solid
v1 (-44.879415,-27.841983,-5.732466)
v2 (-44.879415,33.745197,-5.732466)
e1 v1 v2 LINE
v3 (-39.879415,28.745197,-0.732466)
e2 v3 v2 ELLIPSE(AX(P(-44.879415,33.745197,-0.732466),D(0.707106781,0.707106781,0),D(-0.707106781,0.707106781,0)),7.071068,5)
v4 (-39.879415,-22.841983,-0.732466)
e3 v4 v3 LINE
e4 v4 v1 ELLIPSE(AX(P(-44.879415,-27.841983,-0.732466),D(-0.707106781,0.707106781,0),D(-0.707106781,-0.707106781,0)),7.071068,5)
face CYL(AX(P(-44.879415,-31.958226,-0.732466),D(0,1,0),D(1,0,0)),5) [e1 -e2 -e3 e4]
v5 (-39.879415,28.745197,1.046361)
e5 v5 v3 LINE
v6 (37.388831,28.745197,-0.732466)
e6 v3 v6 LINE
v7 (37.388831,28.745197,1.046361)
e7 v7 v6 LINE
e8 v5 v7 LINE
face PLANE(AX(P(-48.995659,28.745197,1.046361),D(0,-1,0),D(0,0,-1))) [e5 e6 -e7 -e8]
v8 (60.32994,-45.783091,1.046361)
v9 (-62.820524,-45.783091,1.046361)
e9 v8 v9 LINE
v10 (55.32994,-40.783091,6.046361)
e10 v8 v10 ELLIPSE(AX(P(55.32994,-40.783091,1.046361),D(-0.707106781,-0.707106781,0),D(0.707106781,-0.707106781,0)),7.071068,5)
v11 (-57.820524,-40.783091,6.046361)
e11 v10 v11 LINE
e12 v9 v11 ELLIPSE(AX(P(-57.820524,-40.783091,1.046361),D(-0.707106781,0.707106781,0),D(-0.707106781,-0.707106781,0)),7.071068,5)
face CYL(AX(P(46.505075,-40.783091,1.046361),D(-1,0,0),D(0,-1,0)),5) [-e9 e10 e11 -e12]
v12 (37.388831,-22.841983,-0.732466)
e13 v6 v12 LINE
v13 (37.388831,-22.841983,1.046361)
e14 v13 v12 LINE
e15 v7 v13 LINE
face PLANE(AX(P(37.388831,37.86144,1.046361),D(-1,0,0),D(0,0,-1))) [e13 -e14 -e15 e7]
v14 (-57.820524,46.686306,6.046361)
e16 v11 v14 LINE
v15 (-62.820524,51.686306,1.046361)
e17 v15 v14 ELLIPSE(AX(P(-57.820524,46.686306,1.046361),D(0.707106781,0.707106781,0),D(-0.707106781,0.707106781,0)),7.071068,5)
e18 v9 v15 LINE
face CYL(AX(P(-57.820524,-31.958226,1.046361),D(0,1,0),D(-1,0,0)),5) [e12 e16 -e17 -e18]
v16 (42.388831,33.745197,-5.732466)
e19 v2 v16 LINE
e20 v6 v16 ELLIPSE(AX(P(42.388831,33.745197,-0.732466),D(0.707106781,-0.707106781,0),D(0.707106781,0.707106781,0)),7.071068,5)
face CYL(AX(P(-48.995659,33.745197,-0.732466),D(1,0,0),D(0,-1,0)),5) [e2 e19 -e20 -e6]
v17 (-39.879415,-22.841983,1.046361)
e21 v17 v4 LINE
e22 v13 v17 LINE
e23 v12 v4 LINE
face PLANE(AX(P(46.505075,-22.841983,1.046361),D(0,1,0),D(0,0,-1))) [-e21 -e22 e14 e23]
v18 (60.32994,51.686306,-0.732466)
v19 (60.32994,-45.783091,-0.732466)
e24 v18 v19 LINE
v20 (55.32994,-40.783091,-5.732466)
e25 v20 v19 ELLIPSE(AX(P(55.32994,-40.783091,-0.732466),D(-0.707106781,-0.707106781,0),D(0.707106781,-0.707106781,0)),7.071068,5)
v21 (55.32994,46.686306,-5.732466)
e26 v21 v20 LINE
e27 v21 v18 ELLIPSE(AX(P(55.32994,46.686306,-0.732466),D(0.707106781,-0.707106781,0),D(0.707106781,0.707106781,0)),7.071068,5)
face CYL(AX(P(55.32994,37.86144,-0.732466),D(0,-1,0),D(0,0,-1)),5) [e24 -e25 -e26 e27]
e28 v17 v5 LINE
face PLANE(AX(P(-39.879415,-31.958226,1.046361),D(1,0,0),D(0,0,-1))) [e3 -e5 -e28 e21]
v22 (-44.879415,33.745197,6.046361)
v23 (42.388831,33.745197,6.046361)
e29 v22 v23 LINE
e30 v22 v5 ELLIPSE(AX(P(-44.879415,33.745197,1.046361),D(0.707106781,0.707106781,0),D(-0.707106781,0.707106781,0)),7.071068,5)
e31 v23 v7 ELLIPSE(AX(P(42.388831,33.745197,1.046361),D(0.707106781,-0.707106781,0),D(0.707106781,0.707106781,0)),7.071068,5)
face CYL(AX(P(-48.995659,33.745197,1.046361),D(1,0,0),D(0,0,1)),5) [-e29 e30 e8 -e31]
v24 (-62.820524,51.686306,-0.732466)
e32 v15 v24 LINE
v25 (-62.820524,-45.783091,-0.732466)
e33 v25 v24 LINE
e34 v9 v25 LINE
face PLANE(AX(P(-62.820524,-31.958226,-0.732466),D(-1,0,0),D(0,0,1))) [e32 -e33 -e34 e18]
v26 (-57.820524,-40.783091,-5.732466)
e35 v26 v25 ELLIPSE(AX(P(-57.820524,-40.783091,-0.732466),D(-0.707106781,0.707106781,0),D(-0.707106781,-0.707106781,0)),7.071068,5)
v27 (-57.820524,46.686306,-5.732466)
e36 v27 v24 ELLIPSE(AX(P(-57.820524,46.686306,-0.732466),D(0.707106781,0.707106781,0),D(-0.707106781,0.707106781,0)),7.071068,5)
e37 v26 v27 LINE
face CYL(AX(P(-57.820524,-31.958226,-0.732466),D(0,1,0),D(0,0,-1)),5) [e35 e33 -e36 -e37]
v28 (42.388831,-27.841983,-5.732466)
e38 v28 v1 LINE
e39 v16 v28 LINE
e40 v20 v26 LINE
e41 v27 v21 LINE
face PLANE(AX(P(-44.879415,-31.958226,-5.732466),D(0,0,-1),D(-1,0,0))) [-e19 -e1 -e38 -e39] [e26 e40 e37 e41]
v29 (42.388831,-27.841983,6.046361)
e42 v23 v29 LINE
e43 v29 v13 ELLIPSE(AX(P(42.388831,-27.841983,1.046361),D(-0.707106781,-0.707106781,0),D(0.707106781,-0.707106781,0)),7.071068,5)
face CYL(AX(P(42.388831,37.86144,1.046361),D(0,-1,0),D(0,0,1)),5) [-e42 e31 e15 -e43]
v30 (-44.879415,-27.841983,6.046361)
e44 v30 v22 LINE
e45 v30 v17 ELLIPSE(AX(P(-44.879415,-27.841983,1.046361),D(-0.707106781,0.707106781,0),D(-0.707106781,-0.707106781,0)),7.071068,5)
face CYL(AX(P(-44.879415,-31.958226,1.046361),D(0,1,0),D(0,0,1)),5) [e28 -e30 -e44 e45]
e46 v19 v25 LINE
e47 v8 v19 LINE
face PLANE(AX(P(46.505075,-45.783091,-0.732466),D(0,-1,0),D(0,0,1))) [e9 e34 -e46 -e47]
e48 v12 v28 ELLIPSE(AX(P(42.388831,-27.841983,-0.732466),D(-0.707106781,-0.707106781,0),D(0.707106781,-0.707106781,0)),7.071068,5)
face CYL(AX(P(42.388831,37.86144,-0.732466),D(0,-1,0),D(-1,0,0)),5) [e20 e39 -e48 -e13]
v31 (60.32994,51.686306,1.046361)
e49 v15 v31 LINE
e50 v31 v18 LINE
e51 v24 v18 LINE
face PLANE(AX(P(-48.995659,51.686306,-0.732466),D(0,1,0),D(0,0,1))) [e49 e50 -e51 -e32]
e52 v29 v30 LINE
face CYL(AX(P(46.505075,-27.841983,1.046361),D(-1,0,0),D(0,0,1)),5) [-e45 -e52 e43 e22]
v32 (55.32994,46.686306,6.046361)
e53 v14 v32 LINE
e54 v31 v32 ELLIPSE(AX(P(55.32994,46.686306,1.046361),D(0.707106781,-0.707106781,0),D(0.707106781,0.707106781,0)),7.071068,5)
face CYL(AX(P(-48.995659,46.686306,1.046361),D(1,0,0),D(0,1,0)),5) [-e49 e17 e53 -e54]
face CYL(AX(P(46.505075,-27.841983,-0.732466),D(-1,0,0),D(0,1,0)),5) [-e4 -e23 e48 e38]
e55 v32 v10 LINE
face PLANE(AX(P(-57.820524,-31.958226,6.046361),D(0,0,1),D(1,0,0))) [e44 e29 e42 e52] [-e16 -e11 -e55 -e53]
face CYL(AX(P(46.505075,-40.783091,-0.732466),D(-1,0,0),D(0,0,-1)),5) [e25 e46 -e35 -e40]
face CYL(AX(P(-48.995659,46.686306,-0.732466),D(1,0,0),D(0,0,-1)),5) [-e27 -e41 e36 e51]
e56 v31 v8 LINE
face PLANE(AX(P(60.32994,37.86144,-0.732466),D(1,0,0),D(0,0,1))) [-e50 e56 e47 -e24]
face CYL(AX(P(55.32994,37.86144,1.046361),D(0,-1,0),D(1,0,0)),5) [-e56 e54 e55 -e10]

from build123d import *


with BuildPart() as f3:
    # F3: sweep along a path in F0
    with BuildLine(Plane.XY) as f3_path:
        Line((-48.9956587553, -31.9582261145), (-48.9956587553, 37.8614403307))
        Line((-48.9956587553, 37.8614403307), (46.5050749481, 37.8614403307))
        Line((46.5050749481, 37.8614403307), (46.5050749481, -31.9582261145))
        Line((46.5050749481, -31.9582261145), (-48.9956587553, -31.9582261145))
    # F2 (on line) → F3 (sweep)
    with BuildSketch(Plane(origin=(0, -31.9582261145, 0), x_dir=(-1, 0, 0), z_dir=(0, 1, 0))):
        with BuildLine():
            ThreePointArc((62.8205239773, 1.0463608243), (61.3560578832, 4.5818947302), (57.8205239773, 6.0463608243))
            Line((57.8205239773, 6.0463608243), (44.8794151843, 6.0463608243))
            ThreePointArc((44.8794151843, 6.0463608243), (41.3438812783, 4.5818947302), (39.8794151843, 1.0463608243))
            Line((39.8794151843, 1.0463608243), (39.8794151843, -0.7324664667))
            ThreePointArc((39.8794151843, -0.7324664667), (41.3438812783, -4.2680003727), (44.8794151843, -5.7324664667))
            Line((44.8794151843, -5.7324664667), (57.8205239773, -5.7324664667))
            ThreePointArc((57.8205239773, -5.7324664667), (61.3560578832, -4.2680003727), (62.8205239773, -0.7324664667))
            Line((62.8205239773, -0.7324664667), (62.8205239773, 1.0463608243))
        make_face()
    sweep(path=f3_path.line, transition=Transition.RIGHT)


solid = f3.part
